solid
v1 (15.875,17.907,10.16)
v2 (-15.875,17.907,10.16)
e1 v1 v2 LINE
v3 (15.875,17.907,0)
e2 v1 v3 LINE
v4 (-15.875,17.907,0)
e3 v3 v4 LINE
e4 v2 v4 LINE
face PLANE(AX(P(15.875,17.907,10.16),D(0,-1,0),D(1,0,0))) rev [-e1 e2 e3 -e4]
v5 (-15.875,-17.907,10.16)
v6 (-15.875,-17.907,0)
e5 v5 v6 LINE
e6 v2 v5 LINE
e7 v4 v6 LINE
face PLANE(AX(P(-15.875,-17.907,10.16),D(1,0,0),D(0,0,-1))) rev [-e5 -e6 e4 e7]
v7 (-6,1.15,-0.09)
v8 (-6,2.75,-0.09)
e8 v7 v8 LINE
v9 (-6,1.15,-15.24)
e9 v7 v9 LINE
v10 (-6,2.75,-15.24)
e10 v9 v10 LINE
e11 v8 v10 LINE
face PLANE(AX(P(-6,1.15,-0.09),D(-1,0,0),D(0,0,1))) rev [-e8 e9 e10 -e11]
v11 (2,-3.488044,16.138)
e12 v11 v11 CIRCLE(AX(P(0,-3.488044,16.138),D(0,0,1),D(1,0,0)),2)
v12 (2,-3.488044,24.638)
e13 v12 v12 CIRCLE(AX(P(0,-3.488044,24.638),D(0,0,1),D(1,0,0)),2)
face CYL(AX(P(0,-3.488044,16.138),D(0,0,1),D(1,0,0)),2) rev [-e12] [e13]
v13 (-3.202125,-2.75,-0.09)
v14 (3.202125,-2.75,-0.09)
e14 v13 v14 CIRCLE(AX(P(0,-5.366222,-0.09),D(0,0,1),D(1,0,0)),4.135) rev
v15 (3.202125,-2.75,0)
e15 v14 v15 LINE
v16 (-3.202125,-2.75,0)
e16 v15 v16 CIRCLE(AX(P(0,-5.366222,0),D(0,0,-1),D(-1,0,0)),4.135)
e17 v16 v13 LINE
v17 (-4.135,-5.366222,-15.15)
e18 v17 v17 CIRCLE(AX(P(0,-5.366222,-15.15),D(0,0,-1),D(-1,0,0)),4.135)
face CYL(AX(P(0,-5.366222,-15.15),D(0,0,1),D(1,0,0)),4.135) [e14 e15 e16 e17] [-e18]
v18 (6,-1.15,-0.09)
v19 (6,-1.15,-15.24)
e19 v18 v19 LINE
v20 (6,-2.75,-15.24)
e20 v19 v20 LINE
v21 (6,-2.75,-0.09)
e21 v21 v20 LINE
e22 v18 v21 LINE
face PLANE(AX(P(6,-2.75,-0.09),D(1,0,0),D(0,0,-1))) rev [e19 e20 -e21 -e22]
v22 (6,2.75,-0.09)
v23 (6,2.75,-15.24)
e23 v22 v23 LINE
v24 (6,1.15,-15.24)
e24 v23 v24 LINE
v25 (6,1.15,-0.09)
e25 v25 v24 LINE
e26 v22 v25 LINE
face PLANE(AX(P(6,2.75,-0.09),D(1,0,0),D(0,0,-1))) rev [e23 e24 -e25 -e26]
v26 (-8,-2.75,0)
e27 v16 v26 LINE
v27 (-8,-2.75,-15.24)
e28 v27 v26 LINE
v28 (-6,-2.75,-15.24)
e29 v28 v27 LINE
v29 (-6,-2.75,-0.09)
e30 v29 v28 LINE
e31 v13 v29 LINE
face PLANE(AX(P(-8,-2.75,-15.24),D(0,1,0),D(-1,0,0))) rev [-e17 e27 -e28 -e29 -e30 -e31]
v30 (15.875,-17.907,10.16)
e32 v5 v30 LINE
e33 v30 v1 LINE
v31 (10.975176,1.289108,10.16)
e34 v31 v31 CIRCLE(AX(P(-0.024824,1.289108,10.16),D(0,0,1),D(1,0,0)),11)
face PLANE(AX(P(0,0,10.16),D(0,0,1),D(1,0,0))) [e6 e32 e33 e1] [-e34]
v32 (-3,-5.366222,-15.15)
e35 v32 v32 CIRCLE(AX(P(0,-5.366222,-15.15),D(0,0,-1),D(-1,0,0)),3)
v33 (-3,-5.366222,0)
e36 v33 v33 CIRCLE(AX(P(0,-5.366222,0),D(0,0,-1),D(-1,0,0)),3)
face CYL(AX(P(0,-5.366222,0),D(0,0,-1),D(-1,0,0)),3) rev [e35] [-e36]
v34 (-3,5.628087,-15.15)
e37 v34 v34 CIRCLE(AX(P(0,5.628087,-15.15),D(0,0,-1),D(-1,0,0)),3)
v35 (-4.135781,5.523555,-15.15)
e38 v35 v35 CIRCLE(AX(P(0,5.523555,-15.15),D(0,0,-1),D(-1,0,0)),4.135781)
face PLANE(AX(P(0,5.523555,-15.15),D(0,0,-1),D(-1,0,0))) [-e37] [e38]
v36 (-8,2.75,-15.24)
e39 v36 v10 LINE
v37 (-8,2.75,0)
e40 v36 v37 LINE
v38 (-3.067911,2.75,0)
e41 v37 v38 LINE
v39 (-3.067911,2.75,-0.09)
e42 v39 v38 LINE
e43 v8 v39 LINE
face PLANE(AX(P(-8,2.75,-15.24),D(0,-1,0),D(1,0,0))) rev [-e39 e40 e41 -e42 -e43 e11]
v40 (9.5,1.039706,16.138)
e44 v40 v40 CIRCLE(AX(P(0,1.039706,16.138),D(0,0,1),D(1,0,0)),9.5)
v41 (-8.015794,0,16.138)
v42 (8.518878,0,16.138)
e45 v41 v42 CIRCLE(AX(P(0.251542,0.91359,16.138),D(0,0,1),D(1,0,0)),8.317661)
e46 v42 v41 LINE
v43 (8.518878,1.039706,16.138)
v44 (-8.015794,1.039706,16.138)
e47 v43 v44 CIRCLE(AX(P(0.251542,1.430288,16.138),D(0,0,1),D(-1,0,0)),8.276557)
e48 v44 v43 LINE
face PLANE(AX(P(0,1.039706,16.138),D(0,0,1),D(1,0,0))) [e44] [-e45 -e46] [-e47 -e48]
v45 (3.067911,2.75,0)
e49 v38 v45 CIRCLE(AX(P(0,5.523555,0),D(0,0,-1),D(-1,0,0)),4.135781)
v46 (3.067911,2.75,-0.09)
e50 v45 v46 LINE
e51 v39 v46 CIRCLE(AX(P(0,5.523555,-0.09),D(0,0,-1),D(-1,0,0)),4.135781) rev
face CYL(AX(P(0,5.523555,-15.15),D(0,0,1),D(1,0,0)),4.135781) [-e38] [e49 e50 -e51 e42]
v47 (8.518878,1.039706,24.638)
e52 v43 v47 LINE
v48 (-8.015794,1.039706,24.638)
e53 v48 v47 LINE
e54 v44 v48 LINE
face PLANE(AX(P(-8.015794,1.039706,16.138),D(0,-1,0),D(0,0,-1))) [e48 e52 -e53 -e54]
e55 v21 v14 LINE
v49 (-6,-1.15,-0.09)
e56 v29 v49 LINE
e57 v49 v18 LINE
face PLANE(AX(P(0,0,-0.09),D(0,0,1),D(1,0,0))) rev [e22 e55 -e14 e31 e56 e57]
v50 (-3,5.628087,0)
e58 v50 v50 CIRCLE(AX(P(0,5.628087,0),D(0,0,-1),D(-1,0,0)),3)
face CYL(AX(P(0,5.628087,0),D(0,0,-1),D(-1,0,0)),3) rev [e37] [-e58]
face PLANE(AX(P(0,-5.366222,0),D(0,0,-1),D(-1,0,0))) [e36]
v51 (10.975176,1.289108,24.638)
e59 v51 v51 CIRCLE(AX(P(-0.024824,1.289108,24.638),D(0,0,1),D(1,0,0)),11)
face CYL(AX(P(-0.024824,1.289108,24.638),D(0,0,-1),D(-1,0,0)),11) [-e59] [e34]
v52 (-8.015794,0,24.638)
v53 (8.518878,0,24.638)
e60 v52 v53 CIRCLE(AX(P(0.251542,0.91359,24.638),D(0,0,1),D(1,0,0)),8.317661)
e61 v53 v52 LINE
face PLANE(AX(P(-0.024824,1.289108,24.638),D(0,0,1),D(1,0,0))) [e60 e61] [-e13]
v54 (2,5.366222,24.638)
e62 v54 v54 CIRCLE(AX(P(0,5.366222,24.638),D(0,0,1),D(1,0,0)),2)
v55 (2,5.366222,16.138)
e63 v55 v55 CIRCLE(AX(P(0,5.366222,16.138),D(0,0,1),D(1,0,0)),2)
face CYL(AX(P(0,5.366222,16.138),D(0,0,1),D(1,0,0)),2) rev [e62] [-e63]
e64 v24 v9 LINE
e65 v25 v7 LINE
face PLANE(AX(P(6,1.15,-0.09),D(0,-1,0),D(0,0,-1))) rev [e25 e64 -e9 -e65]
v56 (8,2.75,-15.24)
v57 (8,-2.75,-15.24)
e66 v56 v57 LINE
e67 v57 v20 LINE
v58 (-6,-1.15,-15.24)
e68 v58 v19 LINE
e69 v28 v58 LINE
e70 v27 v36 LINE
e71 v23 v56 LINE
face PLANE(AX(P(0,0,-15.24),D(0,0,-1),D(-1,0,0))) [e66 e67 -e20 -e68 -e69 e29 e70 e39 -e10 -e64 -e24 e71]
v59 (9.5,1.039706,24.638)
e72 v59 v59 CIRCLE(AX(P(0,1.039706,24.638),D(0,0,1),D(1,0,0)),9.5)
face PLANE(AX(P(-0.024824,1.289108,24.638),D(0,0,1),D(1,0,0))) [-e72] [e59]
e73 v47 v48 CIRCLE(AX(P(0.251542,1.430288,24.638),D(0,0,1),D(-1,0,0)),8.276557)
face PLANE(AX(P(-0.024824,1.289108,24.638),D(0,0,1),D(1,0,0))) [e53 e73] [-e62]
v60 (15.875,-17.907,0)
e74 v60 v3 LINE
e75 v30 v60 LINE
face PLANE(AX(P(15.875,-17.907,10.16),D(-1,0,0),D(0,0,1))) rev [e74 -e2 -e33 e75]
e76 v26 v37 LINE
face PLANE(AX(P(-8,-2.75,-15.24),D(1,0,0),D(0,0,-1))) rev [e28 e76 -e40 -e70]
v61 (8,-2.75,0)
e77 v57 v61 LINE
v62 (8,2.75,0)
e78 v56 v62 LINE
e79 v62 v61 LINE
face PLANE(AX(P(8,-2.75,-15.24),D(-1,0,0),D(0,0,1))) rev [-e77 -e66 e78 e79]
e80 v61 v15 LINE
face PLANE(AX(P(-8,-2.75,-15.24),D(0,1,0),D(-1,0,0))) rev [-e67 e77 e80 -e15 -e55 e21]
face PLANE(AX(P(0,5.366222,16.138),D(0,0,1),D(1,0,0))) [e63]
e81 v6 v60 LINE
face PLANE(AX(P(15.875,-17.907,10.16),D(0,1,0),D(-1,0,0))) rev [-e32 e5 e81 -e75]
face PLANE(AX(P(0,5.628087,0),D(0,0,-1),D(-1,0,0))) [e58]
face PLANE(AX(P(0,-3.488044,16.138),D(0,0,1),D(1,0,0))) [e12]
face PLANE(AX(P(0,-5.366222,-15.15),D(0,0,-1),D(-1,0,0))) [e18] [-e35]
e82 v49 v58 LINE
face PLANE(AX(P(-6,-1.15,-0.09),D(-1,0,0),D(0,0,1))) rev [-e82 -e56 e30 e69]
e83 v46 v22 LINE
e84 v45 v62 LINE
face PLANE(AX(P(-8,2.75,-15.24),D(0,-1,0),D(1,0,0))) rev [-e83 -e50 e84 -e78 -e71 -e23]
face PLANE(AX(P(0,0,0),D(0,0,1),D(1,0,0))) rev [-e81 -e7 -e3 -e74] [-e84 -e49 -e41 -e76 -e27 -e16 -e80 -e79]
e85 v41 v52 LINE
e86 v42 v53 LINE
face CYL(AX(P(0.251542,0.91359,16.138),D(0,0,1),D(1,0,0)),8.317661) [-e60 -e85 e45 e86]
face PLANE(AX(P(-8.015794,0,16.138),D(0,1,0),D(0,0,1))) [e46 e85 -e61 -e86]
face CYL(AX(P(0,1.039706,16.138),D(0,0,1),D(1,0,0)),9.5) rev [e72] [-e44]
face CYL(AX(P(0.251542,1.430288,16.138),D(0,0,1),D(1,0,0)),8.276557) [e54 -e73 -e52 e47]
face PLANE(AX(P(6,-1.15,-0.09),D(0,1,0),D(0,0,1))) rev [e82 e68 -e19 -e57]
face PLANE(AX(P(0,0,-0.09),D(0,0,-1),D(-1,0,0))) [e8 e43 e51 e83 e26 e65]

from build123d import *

# Parameters (mm, degrees)
SKETCH1_W           = 31.75
SKETCH1_H           = 35.814
BOSS_EXTRUDE1_DEPTH = 10.16
SKETCH3_R           = 11
BOSS_EXTRUDE2_DEPTH = 14.478
SKETCH4_W           = 16
SKETCH4_H           = 5.5
BOSS_EXTRUDE3_DEPTH = 15.24
SKETCH5_R           = 9.5
CUT_EXTRUDE1_DEPTH  = 8.5
SKETCH6_R           = 2
CUT_EXTRUDE2_DEPTH  = 8.5
SKETCH7_R           = 2
CUT_EXTRUDE3_DEPTH  = 8.5
SKETCH8_W           = 12
SKETCH8_H           = 1.6
CUT_EXTRUDE4_DEPTH  = 15.15
SKETCH10_W          = 12
SKETCH10_H          = 1.6
CUT_EXTRUDE5_DEPTH  = 15.15
SKETCH12_R          = 4.135780917
BOSS_EXTRUDE4_DEPTH = 15.15
SKETCH13_R          = 3
CUT_EXTRUDE6_DEPTH  = 15.15
SKETCH14_R          = 4.135
BOSS_EXTRUDE5_DEPTH = 15.15
SKETCH15_R          = 3
CUT_EXTRUDE7_DEPTH  = 15.15


with BuildPart() as part:
    # Sketch1 → Boss-Extrude1 (new body)
    with BuildSketch(Plane.XY):
        Rectangle(SKETCH1_W, SKETCH1_H)
    extrude(amount=BOSS_EXTRUDE1_DEPTH)

    # Sketch3 → Boss-Extrude2 (add)
    with BuildSketch(Plane.XY.offset(10.16)):
        with Locations((-0.024824202, 1.289107608)):
            Circle(SKETCH3_R)
    extrude(amount=BOSS_EXTRUDE2_DEPTH)

    # Sketch4 → Boss-Extrude3 (add)
    with BuildSketch(Plane(origin=(0, 0, 0), x_dir=(-1, 0, 0), z_dir=(0, 0, -1))):
        Rectangle(SKETCH4_W, SKETCH4_H)
    extrude(amount=BOSS_EXTRUDE3_DEPTH)

    # Sketch5 → Cut-Extrude1 (cut)
    with BuildSketch(Plane.XY.offset(24.638)):
        with Locations((0, 1.039705526)):
            Circle(SKETCH5_R)
        with BuildLine():
            Line((-8.015794219, 0), (8.518877538, 0))
            ThreePointArc((8.518877538, 0), (0.25154166, -7.404071177), (-8.015794219, 0))
        make_face(mode=Mode.SUBTRACT)
        with BuildLine():
            Line((-8.015794219, 1.039705526), (8.518877538, 1.039705526))
            ThreePointArc((8.518877538, 1.039705526), (0.25154166, 9.706845425), (-8.015794219, 1.039705526))
        make_face(mode=Mode.SUBTRACT)
    extrude(amount=-CUT_EXTRUDE1_DEPTH, mode=Mode.SUBTRACT)

    # Sketch6 → Cut-Extrude2 (cut)
    with BuildSketch(Plane.XY.offset(24.638)):
        with Locations((0, 5.366222071)):
            Circle(SKETCH6_R)
    extrude(amount=-CUT_EXTRUDE2_DEPTH, mode=Mode.SUBTRACT)

    # Sketch7 → Cut-Extrude3 (cut)
    with BuildSketch(Plane.XY.offset(24.638)):
        with Locations((0, -3.488044346)):
            Circle(SKETCH7_R)
    extrude(amount=-CUT_EXTRUDE3_DEPTH, mode=Mode.SUBTRACT)

    # Sketch8 → Cut-Extrude4 (cut)
    with BuildSketch(Plane(origin=(0, 0, -15.24), x_dir=(-1, 0, 0), z_dir=(0, 0, -1))):
        with Locations((0, 1.95)):
            Rectangle(SKETCH8_W, SKETCH8_H)
    extrude(amount=-CUT_EXTRUDE4_DEPTH, mode=Mode.SUBTRACT)

    # Sketch10 → Cut-Extrude5 (cut)
    with BuildSketch(Plane(origin=(0, 0, -15.24), x_dir=(-1, 0, 0), z_dir=(0, 0, -1))):
        with Locations((0, -1.95)):
            Rectangle(SKETCH10_W, SKETCH10_H)
    extrude(amount=-CUT_EXTRUDE5_DEPTH, mode=Mode.SUBTRACT)

    # Sketch12 → Boss-Extrude4 (add)
    with BuildSketch(Plane(origin=(0, 0, 0), x_dir=(-1, 0, 0), z_dir=(0, 0, -1))):
        with Locations((0, 5.523554626)):
            Circle(SKETCH12_R)
    extrude(amount=BOSS_EXTRUDE4_DEPTH)

    # Sketch13 → Cut-Extrude6 (cut)
    with BuildSketch(Plane(origin=(0, 0, -15.15), x_dir=(-1, 0, 0), z_dir=(0, 0, -1))):
        with Locations((0, 5.628086678)):
            Circle(SKETCH13_R)
    extrude(amount=-CUT_EXTRUDE6_DEPTH, mode=Mode.SUBTRACT)

    # Sketch14 → Boss-Extrude5 (add)
    with BuildSketch(Plane(origin=(0, 0, 0), x_dir=(-1, 0, 0), z_dir=(0, 0, -1))):
        with Locations((0, -5.366222071)):
            Circle(SKETCH14_R)
    extrude(amount=BOSS_EXTRUDE5_DEPTH)

    # Sketch15 → Cut-Extrude7 (cut)
    with BuildSketch(Plane(origin=(0, 0, -15.15), x_dir=(-1, 0, 0), z_dir=(0, 0, -1))):
        with Locations((0, -5.366222071)):
            Circle(SKETCH15_R)
    extrude(amount=-CUT_EXTRUDE7_DEPTH, mode=Mode.SUBTRACT)


solid = part.part
